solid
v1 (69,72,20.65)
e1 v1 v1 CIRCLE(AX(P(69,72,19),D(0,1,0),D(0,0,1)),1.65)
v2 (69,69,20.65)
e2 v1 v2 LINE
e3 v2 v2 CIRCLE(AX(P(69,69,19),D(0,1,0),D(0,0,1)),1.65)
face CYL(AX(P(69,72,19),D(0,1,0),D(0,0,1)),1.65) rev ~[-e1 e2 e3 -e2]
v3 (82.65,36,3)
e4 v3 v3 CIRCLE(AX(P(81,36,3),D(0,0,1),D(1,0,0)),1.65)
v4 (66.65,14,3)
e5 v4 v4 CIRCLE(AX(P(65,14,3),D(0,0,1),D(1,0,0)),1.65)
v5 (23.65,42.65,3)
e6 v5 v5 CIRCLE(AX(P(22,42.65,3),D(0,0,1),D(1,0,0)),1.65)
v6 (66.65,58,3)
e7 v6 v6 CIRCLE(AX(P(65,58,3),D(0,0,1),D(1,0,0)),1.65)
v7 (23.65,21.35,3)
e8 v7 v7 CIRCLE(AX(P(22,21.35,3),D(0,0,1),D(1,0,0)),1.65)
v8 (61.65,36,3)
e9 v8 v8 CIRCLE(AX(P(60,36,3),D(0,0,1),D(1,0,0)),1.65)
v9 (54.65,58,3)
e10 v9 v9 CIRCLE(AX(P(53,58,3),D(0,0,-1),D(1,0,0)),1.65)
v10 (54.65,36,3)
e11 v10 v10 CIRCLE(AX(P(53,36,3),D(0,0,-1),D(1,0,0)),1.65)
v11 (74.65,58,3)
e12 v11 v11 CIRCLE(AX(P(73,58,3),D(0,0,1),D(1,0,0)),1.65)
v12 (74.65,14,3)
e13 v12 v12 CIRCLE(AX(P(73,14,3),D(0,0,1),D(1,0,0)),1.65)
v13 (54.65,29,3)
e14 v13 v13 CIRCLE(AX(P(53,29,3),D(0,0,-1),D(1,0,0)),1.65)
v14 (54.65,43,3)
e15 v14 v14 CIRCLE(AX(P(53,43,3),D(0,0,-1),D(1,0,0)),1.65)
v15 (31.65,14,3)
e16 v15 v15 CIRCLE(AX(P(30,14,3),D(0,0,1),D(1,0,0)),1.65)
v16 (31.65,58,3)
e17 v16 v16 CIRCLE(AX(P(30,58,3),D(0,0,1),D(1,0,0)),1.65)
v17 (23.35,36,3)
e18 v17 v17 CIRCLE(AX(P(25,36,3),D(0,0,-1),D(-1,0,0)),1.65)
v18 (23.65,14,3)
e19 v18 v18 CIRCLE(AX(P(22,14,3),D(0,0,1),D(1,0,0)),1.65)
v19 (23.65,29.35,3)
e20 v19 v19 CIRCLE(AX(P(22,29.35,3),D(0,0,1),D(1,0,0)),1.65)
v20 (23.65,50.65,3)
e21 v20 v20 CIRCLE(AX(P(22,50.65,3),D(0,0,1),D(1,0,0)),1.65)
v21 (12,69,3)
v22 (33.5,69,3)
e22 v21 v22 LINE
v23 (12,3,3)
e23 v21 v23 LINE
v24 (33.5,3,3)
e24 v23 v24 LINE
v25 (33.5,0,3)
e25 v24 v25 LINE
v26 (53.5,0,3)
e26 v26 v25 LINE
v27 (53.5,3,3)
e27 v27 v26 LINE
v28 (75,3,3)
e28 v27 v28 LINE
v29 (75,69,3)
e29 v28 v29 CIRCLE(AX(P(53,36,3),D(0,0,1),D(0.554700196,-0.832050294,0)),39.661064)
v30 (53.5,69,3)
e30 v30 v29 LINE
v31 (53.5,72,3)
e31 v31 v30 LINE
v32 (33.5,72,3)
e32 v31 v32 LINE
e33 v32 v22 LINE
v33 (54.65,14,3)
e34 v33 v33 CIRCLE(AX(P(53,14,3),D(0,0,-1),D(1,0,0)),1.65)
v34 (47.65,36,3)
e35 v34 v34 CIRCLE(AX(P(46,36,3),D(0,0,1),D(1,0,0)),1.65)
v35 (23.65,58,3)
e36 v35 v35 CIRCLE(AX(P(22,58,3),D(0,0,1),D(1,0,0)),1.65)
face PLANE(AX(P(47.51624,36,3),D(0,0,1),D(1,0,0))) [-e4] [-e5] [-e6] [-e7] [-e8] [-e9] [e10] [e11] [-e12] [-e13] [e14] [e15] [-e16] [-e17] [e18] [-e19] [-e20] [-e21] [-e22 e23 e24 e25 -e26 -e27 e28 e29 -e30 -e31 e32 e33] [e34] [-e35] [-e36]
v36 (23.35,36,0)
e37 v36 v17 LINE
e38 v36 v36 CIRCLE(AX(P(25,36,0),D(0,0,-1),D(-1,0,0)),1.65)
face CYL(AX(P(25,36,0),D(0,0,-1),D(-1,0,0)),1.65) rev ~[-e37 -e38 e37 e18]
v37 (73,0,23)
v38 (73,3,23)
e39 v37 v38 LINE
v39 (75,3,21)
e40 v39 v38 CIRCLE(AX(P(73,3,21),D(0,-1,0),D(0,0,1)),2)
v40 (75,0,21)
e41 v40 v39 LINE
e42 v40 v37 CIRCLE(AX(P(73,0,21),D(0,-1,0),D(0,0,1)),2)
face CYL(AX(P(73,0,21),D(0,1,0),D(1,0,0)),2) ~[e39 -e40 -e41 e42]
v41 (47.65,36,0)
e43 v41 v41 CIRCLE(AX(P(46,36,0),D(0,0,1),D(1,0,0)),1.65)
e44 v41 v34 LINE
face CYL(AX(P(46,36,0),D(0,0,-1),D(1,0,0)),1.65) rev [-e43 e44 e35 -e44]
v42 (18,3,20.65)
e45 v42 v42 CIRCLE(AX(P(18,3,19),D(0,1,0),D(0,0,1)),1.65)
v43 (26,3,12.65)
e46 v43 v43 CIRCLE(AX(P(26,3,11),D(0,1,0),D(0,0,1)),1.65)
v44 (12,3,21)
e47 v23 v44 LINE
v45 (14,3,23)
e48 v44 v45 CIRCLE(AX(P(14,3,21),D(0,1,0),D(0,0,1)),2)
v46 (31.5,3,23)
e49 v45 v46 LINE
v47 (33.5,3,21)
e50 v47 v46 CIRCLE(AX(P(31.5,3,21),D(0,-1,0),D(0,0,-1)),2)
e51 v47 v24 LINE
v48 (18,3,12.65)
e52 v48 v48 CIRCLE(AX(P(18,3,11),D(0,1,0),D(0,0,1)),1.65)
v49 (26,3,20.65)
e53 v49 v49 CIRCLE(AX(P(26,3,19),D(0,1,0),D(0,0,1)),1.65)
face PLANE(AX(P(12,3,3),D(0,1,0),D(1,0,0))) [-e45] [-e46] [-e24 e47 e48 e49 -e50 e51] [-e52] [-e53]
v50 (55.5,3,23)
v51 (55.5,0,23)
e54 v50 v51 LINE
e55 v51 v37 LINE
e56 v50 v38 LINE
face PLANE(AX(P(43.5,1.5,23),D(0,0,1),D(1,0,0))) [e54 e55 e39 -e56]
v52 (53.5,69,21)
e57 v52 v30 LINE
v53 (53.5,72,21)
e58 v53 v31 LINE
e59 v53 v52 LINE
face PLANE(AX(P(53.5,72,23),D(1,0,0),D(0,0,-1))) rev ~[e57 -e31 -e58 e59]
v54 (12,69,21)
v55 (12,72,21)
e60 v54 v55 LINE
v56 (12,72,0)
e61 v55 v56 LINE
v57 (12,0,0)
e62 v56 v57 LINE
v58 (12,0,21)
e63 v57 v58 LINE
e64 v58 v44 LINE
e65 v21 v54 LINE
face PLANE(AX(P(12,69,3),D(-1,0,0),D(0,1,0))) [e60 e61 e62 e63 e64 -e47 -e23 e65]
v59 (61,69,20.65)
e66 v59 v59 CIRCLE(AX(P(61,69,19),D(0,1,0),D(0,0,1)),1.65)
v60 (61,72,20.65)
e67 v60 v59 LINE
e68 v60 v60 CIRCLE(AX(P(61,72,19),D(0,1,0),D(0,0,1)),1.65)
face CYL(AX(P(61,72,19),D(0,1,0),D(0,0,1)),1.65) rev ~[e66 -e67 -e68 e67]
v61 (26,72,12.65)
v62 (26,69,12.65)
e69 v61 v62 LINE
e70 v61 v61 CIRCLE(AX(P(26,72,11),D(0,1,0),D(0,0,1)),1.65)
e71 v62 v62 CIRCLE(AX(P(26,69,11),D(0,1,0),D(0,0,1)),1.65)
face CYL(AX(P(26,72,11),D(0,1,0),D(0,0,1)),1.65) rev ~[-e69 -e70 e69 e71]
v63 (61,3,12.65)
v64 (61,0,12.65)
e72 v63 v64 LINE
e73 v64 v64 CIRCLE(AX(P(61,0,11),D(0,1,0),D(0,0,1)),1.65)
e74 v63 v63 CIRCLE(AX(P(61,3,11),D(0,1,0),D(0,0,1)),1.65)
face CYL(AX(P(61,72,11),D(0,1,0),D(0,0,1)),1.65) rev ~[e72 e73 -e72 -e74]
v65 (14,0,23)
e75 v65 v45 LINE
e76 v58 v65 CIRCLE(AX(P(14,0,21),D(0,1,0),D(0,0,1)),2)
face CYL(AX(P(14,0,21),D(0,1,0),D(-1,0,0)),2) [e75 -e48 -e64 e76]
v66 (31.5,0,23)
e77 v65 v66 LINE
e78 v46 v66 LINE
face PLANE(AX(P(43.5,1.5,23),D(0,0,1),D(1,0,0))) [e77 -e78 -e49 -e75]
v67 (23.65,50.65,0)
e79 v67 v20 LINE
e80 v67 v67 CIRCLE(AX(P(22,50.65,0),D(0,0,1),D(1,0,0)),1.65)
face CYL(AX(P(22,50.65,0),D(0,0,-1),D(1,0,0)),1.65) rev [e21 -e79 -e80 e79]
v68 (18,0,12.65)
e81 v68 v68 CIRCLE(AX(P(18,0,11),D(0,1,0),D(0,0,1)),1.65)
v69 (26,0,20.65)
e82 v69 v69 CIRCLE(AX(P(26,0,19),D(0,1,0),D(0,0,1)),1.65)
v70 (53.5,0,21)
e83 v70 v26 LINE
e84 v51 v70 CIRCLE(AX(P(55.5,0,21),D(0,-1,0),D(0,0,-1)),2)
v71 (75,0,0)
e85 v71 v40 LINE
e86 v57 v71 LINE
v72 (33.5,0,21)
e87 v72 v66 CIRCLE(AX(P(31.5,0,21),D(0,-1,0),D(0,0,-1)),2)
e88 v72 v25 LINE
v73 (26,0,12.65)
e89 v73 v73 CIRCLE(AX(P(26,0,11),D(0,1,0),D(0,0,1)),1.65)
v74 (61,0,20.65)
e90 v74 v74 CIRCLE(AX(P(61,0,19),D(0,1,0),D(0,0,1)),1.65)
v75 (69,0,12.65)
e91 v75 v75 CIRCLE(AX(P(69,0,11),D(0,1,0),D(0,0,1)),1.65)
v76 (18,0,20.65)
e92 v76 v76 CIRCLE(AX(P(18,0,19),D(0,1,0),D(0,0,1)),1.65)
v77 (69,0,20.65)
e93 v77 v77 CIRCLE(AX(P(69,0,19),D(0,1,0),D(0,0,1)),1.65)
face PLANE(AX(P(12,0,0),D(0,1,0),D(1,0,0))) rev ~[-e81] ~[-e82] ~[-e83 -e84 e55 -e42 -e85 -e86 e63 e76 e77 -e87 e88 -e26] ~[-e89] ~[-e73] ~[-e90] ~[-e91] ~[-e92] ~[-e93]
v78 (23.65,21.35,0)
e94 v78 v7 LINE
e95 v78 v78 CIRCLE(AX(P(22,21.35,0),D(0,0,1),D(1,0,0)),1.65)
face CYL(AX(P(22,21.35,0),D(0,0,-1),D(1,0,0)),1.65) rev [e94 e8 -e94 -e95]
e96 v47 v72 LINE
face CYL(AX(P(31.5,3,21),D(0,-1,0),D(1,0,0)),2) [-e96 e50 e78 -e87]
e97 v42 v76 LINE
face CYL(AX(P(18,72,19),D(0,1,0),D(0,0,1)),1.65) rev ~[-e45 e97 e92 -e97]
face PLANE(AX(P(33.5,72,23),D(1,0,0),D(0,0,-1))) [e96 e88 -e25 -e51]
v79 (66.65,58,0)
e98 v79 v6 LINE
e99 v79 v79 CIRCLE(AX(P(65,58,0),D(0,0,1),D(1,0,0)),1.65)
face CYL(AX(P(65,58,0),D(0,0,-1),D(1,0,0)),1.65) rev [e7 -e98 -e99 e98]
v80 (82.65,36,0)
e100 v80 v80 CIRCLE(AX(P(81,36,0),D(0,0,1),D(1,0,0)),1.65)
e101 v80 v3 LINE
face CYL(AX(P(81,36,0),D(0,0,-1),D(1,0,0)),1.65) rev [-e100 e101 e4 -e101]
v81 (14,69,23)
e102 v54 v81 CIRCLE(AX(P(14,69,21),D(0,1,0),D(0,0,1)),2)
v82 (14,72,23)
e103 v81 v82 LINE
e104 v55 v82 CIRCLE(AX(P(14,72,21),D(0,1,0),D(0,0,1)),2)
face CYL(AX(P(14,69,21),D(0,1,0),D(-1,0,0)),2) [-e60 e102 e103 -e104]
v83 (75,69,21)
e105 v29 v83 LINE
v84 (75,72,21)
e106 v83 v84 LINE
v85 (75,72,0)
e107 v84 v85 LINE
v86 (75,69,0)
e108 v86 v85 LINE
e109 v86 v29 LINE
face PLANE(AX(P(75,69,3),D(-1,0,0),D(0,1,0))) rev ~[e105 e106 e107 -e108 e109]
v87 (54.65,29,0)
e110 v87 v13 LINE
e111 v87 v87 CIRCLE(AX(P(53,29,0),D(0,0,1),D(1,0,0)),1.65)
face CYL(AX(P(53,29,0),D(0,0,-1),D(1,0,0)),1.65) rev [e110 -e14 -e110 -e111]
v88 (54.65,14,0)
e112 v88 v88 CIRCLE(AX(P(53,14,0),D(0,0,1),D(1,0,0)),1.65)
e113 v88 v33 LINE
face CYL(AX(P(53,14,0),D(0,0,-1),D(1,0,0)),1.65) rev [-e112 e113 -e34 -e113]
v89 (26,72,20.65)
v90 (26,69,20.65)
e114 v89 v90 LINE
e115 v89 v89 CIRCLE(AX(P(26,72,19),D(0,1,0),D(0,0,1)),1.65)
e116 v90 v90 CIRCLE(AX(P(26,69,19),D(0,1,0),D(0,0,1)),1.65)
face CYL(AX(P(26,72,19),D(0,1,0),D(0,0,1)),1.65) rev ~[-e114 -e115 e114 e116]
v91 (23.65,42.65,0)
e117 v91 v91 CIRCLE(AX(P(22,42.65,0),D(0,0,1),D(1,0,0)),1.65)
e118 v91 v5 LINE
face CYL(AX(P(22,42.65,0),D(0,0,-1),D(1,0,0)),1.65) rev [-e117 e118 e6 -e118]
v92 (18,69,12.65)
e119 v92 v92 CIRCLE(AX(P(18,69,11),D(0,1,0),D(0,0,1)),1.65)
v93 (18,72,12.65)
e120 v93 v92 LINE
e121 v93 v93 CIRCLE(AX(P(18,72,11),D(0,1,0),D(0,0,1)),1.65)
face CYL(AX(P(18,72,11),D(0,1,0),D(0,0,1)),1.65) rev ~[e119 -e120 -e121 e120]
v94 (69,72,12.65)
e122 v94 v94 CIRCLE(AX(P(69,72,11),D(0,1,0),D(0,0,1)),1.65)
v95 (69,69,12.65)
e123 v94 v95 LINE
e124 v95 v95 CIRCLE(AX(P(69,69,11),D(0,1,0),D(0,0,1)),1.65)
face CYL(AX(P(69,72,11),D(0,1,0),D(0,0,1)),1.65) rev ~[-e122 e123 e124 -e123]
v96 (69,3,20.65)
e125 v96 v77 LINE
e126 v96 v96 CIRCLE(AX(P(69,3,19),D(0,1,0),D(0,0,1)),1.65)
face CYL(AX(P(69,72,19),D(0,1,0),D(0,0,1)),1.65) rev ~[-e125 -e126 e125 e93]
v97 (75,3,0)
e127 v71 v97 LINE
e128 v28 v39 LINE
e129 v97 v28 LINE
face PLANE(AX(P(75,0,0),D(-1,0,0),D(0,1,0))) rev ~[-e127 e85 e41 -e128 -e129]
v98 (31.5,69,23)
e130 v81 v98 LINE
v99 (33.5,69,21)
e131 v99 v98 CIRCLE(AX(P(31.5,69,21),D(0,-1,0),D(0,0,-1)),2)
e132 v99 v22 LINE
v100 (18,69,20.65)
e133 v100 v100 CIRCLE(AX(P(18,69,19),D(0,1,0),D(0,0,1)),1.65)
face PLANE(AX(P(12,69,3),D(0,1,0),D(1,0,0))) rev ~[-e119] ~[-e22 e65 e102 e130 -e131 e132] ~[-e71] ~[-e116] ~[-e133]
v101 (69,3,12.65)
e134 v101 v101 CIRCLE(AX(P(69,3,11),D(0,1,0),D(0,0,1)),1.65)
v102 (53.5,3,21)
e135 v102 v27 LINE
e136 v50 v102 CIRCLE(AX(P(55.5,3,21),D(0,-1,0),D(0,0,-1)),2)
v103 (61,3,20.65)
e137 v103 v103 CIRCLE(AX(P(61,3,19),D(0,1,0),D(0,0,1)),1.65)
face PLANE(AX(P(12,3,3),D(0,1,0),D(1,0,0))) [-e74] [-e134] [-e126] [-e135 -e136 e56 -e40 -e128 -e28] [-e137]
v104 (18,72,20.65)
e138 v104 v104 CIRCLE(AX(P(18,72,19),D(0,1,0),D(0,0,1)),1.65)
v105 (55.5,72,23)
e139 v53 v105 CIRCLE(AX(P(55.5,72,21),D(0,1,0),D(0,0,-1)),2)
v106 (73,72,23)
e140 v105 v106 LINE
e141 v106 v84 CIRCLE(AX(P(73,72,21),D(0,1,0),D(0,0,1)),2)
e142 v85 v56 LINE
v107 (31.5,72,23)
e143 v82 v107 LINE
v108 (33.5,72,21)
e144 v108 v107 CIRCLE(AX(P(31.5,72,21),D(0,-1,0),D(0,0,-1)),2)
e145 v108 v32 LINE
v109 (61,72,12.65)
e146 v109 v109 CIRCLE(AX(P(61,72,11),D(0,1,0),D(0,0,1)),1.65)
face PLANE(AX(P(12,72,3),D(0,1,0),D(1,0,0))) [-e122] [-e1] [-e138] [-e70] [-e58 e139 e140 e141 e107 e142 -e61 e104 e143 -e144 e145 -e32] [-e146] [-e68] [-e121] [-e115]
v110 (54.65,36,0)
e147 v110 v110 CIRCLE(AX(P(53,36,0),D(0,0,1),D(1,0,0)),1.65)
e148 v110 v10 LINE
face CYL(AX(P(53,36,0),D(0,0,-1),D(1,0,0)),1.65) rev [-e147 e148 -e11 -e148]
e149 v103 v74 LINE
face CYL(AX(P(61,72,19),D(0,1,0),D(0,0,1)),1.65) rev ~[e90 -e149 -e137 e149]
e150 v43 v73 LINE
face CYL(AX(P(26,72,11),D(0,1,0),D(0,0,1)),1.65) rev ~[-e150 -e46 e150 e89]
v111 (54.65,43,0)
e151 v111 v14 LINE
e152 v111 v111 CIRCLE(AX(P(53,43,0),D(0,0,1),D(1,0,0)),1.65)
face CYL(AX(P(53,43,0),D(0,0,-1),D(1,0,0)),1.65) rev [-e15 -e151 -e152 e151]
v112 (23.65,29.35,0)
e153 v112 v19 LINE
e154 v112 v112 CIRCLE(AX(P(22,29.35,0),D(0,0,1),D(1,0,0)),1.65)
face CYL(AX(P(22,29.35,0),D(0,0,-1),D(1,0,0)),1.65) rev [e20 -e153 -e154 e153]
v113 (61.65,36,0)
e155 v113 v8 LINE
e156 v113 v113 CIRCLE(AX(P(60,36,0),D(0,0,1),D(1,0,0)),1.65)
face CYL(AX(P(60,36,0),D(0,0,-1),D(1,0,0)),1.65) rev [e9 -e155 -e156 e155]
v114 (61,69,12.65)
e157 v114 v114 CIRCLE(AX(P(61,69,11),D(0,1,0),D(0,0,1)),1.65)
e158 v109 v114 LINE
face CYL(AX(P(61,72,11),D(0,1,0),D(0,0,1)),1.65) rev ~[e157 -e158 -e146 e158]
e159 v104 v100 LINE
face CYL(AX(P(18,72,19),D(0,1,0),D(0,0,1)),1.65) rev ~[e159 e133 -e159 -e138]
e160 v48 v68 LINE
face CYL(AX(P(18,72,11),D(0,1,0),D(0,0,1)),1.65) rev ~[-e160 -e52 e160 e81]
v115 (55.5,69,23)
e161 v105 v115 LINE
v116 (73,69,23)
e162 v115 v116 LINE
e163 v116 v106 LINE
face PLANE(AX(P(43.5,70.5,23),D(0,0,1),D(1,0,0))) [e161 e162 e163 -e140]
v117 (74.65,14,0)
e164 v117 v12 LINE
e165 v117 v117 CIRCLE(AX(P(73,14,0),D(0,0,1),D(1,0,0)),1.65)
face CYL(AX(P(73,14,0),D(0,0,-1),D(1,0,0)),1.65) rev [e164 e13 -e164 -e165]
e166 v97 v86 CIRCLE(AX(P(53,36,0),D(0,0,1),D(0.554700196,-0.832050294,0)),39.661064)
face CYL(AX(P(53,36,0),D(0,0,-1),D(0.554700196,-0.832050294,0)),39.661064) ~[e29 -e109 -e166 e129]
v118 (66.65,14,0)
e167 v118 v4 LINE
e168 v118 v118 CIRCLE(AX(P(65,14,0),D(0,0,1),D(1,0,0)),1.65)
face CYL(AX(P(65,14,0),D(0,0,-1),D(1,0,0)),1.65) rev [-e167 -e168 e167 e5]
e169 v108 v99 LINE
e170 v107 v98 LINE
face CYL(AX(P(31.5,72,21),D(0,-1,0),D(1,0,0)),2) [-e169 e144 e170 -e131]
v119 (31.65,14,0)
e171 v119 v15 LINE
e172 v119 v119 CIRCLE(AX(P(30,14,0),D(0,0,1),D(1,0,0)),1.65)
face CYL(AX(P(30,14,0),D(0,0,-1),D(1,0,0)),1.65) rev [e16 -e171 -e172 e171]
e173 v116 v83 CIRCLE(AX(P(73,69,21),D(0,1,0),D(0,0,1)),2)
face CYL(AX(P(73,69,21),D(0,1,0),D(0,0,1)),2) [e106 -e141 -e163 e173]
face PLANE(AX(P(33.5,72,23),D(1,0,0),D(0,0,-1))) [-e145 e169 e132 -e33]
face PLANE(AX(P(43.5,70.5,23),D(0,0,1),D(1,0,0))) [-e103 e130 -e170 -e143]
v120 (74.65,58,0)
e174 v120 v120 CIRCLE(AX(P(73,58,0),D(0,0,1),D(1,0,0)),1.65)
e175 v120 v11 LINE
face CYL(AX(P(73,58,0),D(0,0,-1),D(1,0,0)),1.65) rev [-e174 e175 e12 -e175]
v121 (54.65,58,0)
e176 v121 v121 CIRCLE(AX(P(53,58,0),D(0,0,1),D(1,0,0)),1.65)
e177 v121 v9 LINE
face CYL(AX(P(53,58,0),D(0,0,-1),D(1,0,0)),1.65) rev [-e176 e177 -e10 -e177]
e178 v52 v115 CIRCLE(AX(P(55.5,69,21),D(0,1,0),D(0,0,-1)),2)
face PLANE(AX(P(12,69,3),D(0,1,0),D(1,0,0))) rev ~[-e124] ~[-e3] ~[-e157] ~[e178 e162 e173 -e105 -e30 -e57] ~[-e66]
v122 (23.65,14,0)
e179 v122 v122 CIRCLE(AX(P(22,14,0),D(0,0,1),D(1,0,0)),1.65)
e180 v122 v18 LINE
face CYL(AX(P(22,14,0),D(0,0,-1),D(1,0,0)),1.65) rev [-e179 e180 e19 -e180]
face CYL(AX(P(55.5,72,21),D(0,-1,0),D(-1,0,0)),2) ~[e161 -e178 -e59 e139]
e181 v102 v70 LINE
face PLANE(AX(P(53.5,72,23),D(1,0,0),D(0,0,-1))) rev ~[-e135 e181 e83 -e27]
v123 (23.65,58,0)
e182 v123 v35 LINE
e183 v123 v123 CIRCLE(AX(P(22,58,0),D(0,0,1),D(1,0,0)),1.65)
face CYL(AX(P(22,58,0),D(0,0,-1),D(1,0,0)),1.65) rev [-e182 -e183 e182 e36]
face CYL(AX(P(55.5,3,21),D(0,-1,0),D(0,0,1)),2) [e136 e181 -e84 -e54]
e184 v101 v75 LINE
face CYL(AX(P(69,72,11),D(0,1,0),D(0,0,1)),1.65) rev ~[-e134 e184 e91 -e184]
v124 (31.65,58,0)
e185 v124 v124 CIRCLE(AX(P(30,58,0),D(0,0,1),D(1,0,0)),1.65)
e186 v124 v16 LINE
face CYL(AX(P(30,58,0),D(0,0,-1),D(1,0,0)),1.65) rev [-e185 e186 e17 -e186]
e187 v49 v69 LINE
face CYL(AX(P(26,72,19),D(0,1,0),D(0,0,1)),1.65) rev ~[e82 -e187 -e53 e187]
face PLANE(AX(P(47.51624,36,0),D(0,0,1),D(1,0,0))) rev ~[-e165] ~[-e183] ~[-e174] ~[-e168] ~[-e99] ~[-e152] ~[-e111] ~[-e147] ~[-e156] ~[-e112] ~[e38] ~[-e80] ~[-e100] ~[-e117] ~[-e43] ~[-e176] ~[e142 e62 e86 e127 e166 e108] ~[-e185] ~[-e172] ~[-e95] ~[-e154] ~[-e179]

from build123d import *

# Parameters (mm, degrees)
SKETCH_4_R          = 1.65
EXTRUDE_1_DEPTH     = 3
SKETCH_5_W          = 63
SKETCH_5_H          = 3
EXTRUDE_2_DEPTH     = 20
SKETCH_6_R          = 1.65
SKETCH_6_W          = 10
SKETCH_6_H          = 20
CUT_EXTRUDE_1_DEPTH = 100
FILLET_2_R          = 2


with BuildPart() as part:
    # 草图4 → 凸台-拉伸1 (new body)
    with BuildSketch(Plane.XY):
        with BuildLine():
            Line((75, 69), (75, 72))
            Line((75, 72), (12, 72))
            Line((12, 72), (12, 36))
            Line((12, 36), (12, 0))
            Line((12, 0), (75, 0))
            Line((75, 0), (75, 3))
            ThreePointArc((75, 3), (92.66106403, 36), (75, 69))
        make_face()
        with Locations((22, 14)):
            Circle(SKETCH_4_R, mode=Mode.SUBTRACT)
        with Locations((30, 14)):
            Circle(SKETCH_4_R, mode=Mode.SUBTRACT)
        with Locations((22, 21.35)):
            Circle(SKETCH_4_R, mode=Mode.SUBTRACT)
        with Locations((22, 29.35)):
            Circle(SKETCH_4_R, mode=Mode.SUBTRACT)
        with Locations((53, 14)):
            Circle(SKETCH_4_R, mode=Mode.SUBTRACT)
        with Locations((65, 14)):
            Circle(SKETCH_4_R, mode=Mode.SUBTRACT)
        with Locations((73, 14)):
            Circle(SKETCH_4_R, mode=Mode.SUBTRACT)
        with BuildLine():
            ThreePointArc((26.65, 36), (25, 34.35), (23.35, 36))
            ThreePointArc((23.35, 36), (25, 37.65), (26.65, 36))
        make_face(mode=Mode.SUBTRACT)
        with Locations((22, 42.65)):
            Circle(SKETCH_4_R, mode=Mode.SUBTRACT)
        with Locations((22, 50.65)):
            Circle(SKETCH_4_R, mode=Mode.SUBTRACT)
        with Locations((22, 58)):
            Circle(SKETCH_4_R, mode=Mode.SUBTRACT)
        with Locations((30, 58)):
            Circle(SKETCH_4_R, mode=Mode.SUBTRACT)
        with Locations((81, 36)):
            Circle(SKETCH_4_R, mode=Mode.SUBTRACT)
        with Locations((53, 58)):
            Circle(SKETCH_4_R, mode=Mode.SUBTRACT)
        with Locations((65, 58)):
            Circle(SKETCH_4_R, mode=Mode.SUBTRACT)
        with Locations((73, 58)):
            Circle(SKETCH_4_R, mode=Mode.SUBTRACT)
        with Locations((53, 43)):
            Circle(SKETCH_4_R, mode=Mode.SUBTRACT)
        with Locations((53, 29)):
            Circle(SKETCH_4_R, mode=Mode.SUBTRACT)
        with Locations((46, 36)):
            Circle(SKETCH_4_R, mode=Mode.SUBTRACT)
        with Locations((53, 36)):
            Circle(SKETCH_4_R, mode=Mode.SUBTRACT)
        with Locations((60, 36)):
            Circle(SKETCH_4_R, mode=Mode.SUBTRACT)
    extrude(amount=EXTRUDE_1_DEPTH)

    # 草图5 → 凸台-拉伸2 (add)
    with BuildSketch(Plane.XY.offset(3)):
        with Locations((43.5, 70.5)):
            Rectangle(SKETCH_5_W, SKETCH_5_H)
        with Locations((43.5, 1.5)):
            Rectangle(SKETCH_5_W, SKETCH_5_H)
    extrude(amount=EXTRUDE_2_DEPTH)

    # 草图6 → 切除-拉伸1 (cut)
    with BuildSketch(Plane(origin=(0, 72, 0), x_dir=(1, 0, 0), z_dir=(0, 1, 0))):
        with Locations(Location((18, -11, 0), (0, 0, 270))):
            Circle(SKETCH_6_R)
        with Locations(Location((18, -19, 0), (0, 0, 270))):
            Circle(SKETCH_6_R)
        with Locations(Location((26, -19, 0), (0, 0, 270))):
            Circle(SKETCH_6_R)
        with Locations(Location((26, -11, 0), (0, 0, 270))):
            Circle(SKETCH_6_R)
        with Locations(Location((61, -11, 0), (0, 0, 270))):
            Circle(SKETCH_6_R)
        with Locations(Location((61, -19, 0), (0, 0, 270))):
            Circle(SKETCH_6_R)
        with Locations(Location((69, -19, 0), (0, 0, 270))):
            Circle(SKETCH_6_R)
        with Locations(Location((69, -11, 0), (0, 0, 270))):
            Circle(SKETCH_6_R)
        with Locations((38.5, -13)):
            Rectangle(SKETCH_6_W, SKETCH_6_H)
        with Locations((48.5, -13)):
            Rectangle(SKETCH_6_W, SKETCH_6_H)
    extrude(amount=-CUT_EXTRUDE_1_DEPTH, mode=Mode.SUBTRACT)

    # 圆角2
    fillet_2_edges = [part.edges().sort_by_distance(p)[0] for p in [
        (12, 70.5, 23),
        (75, 70.5, 23),
        (12, 1.5, 23),
        (75, 1.5, 23),
        (33.5, 1.5, 23),
        (53.5, 1.5, 23),
        (53.5, 70.5, 23),
        (33.5, 70.5, 23),
    ]]
    fillet(fillet_2_edges, radius=FILLET_2_R)


solid = part.part
